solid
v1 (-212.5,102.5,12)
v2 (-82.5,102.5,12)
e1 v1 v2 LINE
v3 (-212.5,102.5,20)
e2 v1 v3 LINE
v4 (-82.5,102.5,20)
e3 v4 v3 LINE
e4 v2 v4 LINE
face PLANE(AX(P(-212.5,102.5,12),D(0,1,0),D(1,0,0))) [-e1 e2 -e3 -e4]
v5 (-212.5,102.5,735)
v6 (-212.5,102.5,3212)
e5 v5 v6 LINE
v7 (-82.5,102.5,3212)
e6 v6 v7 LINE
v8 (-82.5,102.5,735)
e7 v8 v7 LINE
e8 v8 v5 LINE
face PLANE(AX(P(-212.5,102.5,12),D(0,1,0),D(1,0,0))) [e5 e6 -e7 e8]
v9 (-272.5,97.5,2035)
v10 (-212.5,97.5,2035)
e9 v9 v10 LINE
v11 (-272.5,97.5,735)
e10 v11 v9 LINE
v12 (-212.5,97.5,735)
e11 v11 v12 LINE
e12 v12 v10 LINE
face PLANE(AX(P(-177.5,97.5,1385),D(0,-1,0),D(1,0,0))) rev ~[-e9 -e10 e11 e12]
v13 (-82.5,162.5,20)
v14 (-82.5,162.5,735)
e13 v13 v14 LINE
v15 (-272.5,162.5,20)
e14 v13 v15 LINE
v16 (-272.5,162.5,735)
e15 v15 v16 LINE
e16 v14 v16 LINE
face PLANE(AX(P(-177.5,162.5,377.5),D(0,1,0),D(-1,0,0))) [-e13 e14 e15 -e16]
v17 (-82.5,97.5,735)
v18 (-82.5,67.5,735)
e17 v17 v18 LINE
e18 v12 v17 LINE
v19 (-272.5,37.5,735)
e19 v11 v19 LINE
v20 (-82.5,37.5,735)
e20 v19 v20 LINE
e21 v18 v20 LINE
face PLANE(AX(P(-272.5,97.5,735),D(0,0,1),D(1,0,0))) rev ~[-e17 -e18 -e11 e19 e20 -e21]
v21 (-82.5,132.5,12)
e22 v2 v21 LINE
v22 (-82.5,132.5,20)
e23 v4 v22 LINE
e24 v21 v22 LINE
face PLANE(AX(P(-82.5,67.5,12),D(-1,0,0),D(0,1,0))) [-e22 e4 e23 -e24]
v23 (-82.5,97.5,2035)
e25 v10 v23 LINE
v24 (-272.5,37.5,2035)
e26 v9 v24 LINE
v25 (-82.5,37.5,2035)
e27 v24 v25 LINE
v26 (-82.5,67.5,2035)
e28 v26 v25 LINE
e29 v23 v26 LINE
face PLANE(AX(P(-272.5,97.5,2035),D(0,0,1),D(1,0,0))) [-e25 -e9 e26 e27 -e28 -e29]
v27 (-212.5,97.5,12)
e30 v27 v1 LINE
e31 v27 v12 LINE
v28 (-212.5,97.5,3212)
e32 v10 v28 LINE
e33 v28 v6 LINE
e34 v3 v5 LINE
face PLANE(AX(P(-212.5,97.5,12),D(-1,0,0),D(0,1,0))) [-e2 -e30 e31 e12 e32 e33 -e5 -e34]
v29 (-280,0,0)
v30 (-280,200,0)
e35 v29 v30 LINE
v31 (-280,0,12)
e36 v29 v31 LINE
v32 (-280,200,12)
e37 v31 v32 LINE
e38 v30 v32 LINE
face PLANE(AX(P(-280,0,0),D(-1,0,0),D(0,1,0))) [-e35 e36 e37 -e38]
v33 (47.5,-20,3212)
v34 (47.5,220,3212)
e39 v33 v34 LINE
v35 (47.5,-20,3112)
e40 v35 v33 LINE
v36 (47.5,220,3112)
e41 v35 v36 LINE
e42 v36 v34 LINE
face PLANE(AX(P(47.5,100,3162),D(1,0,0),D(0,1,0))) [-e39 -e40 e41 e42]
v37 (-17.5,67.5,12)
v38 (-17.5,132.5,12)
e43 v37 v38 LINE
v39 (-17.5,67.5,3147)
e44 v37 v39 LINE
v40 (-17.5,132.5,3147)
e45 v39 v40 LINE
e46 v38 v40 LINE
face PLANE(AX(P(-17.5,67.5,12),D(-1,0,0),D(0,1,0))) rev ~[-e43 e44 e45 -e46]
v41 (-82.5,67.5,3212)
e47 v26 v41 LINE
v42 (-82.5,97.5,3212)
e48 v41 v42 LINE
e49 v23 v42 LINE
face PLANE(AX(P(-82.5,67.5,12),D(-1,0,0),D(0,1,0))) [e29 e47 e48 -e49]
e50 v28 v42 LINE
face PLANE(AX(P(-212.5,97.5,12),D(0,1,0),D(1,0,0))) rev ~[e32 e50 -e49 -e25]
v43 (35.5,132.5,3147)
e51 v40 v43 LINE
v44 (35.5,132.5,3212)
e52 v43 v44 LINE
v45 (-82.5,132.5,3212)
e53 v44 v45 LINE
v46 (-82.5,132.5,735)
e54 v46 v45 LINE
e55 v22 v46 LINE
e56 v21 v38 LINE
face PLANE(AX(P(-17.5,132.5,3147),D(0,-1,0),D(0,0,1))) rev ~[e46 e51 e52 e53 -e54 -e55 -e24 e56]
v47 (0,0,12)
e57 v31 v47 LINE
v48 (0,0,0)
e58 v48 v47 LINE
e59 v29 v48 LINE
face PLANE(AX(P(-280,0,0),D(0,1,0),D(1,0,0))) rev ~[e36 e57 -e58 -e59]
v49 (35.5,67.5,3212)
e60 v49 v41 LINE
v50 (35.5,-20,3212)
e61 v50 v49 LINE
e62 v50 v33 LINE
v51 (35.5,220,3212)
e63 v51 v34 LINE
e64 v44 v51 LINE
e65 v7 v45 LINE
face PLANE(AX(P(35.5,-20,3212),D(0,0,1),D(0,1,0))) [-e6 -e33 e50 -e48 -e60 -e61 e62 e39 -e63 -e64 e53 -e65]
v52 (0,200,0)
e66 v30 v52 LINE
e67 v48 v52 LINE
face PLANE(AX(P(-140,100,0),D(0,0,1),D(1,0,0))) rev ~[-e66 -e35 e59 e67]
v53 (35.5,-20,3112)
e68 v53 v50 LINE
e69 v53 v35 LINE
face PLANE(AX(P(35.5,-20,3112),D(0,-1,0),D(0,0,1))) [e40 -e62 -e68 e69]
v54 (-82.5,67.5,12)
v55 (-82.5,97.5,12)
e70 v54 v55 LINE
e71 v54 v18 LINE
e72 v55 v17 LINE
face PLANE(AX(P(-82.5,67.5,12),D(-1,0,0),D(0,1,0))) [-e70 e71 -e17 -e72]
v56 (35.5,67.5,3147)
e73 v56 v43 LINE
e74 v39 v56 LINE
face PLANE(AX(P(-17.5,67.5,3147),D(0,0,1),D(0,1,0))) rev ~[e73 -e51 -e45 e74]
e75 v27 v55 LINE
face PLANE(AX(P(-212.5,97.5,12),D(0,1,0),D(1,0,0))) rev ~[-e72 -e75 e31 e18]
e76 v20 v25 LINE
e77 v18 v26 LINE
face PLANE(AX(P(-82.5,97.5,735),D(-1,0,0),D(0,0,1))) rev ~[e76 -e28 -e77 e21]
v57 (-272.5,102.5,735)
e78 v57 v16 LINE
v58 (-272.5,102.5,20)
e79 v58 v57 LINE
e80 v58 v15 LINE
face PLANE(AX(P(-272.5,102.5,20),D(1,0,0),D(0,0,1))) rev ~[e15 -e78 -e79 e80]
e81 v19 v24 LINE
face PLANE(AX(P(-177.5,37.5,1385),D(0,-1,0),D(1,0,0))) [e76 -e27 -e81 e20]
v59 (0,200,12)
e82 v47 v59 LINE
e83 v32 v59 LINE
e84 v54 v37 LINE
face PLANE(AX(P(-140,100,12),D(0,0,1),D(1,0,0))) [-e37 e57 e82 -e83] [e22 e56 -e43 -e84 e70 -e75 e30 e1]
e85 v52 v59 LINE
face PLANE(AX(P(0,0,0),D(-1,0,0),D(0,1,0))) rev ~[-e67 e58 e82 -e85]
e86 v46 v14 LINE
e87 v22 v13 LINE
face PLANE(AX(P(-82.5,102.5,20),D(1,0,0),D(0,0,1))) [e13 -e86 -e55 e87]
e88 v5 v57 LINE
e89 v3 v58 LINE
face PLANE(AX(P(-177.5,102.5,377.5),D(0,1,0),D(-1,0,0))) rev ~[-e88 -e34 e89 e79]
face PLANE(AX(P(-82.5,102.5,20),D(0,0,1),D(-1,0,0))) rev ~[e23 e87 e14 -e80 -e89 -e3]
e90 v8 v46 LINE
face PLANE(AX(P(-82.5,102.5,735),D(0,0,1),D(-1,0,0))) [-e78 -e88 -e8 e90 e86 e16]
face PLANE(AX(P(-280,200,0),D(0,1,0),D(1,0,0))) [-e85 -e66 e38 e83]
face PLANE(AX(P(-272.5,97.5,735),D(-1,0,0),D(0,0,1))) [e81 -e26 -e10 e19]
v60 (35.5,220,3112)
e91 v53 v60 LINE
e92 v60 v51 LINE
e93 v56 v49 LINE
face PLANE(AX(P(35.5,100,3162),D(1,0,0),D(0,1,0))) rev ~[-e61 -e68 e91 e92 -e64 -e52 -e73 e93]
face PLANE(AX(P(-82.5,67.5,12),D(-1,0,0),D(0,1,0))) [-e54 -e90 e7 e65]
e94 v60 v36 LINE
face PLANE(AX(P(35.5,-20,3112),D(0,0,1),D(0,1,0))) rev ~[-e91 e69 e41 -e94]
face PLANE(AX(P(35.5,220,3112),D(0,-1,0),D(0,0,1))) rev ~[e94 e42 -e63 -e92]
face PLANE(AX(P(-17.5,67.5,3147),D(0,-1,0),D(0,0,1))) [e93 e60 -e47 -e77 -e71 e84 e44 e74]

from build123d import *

# Parameters (mm, degrees)
F0_W      = 280
F0_H      = 200
F1_DEPTH  = 12
F2_W      = 65
F2_H      = 65
F3_DEPTH  = 3200
F4_W      = 65
F4_H      = 65
F5_DEPTH  = 53
F6_W      = 240
F6_H      = 100
F7_DEPTH  = 12
F8_W      = 130
F8_H      = 5
F9_DEPTH  = 3200
F10_W     = 190
F10_H     = 715
F11_DEPTH = 60
F12_W     = 190
F12_H     = 1300
F13_DEPTH = 60


with BuildPart() as f1:
    # F0 (on Top) → F1 (new body)
    with BuildSketch(Plane.XY):
        with Locations((-140, 100)):
            Rectangle(F0_W, F0_H)
    extrude(amount=F1_DEPTH)

    # F2 (on face) → F3 (join)
    with BuildSketch(Plane.XY.offset(12)):
        with Locations((-50, 100)):
            Rectangle(F2_W, F2_H)
    extrude(amount=F3_DEPTH)

    # F4 (on face) → F5 (join)
    with BuildSketch(Plane.YZ.offset(-17.5)):
        with Locations((100, 3179.5)):
            Rectangle(F4_W, F4_H)
    extrude(amount=F5_DEPTH)

    # F6 (on face) → F7 (join)
    with BuildSketch(Plane.YZ.offset(35.5)):
        with Locations((100, 3162)):
            Rectangle(F6_W, F6_H)
    extrude(amount=F7_DEPTH)

    # F8 (on face) → F9 (join)
    with BuildSketch(Plane.XY.offset(12)):
        with Locations((-147.5, 100)):
            Rectangle(F8_W, F8_H)
    extrude(amount=F9_DEPTH)

    # F10 (on face) → F11 (join)
    with BuildSketch(Plane(origin=(0, 102.5, 0), x_dir=(-1, 0, 0), z_dir=(0, 1, 0))):
        with Locations((177.5, 377.5)):
            Rectangle(F10_W, F10_H)
    extrude(amount=F11_DEPTH)

    # F12 (on face) → F13 (join)
    with BuildSketch(Plane.XZ.offset(-97.5)):
        with Locations((-177.5, 1385)):
            Rectangle(F12_W, F12_H)
    extrude(amount=F13_DEPTH)


solid = f1.part
